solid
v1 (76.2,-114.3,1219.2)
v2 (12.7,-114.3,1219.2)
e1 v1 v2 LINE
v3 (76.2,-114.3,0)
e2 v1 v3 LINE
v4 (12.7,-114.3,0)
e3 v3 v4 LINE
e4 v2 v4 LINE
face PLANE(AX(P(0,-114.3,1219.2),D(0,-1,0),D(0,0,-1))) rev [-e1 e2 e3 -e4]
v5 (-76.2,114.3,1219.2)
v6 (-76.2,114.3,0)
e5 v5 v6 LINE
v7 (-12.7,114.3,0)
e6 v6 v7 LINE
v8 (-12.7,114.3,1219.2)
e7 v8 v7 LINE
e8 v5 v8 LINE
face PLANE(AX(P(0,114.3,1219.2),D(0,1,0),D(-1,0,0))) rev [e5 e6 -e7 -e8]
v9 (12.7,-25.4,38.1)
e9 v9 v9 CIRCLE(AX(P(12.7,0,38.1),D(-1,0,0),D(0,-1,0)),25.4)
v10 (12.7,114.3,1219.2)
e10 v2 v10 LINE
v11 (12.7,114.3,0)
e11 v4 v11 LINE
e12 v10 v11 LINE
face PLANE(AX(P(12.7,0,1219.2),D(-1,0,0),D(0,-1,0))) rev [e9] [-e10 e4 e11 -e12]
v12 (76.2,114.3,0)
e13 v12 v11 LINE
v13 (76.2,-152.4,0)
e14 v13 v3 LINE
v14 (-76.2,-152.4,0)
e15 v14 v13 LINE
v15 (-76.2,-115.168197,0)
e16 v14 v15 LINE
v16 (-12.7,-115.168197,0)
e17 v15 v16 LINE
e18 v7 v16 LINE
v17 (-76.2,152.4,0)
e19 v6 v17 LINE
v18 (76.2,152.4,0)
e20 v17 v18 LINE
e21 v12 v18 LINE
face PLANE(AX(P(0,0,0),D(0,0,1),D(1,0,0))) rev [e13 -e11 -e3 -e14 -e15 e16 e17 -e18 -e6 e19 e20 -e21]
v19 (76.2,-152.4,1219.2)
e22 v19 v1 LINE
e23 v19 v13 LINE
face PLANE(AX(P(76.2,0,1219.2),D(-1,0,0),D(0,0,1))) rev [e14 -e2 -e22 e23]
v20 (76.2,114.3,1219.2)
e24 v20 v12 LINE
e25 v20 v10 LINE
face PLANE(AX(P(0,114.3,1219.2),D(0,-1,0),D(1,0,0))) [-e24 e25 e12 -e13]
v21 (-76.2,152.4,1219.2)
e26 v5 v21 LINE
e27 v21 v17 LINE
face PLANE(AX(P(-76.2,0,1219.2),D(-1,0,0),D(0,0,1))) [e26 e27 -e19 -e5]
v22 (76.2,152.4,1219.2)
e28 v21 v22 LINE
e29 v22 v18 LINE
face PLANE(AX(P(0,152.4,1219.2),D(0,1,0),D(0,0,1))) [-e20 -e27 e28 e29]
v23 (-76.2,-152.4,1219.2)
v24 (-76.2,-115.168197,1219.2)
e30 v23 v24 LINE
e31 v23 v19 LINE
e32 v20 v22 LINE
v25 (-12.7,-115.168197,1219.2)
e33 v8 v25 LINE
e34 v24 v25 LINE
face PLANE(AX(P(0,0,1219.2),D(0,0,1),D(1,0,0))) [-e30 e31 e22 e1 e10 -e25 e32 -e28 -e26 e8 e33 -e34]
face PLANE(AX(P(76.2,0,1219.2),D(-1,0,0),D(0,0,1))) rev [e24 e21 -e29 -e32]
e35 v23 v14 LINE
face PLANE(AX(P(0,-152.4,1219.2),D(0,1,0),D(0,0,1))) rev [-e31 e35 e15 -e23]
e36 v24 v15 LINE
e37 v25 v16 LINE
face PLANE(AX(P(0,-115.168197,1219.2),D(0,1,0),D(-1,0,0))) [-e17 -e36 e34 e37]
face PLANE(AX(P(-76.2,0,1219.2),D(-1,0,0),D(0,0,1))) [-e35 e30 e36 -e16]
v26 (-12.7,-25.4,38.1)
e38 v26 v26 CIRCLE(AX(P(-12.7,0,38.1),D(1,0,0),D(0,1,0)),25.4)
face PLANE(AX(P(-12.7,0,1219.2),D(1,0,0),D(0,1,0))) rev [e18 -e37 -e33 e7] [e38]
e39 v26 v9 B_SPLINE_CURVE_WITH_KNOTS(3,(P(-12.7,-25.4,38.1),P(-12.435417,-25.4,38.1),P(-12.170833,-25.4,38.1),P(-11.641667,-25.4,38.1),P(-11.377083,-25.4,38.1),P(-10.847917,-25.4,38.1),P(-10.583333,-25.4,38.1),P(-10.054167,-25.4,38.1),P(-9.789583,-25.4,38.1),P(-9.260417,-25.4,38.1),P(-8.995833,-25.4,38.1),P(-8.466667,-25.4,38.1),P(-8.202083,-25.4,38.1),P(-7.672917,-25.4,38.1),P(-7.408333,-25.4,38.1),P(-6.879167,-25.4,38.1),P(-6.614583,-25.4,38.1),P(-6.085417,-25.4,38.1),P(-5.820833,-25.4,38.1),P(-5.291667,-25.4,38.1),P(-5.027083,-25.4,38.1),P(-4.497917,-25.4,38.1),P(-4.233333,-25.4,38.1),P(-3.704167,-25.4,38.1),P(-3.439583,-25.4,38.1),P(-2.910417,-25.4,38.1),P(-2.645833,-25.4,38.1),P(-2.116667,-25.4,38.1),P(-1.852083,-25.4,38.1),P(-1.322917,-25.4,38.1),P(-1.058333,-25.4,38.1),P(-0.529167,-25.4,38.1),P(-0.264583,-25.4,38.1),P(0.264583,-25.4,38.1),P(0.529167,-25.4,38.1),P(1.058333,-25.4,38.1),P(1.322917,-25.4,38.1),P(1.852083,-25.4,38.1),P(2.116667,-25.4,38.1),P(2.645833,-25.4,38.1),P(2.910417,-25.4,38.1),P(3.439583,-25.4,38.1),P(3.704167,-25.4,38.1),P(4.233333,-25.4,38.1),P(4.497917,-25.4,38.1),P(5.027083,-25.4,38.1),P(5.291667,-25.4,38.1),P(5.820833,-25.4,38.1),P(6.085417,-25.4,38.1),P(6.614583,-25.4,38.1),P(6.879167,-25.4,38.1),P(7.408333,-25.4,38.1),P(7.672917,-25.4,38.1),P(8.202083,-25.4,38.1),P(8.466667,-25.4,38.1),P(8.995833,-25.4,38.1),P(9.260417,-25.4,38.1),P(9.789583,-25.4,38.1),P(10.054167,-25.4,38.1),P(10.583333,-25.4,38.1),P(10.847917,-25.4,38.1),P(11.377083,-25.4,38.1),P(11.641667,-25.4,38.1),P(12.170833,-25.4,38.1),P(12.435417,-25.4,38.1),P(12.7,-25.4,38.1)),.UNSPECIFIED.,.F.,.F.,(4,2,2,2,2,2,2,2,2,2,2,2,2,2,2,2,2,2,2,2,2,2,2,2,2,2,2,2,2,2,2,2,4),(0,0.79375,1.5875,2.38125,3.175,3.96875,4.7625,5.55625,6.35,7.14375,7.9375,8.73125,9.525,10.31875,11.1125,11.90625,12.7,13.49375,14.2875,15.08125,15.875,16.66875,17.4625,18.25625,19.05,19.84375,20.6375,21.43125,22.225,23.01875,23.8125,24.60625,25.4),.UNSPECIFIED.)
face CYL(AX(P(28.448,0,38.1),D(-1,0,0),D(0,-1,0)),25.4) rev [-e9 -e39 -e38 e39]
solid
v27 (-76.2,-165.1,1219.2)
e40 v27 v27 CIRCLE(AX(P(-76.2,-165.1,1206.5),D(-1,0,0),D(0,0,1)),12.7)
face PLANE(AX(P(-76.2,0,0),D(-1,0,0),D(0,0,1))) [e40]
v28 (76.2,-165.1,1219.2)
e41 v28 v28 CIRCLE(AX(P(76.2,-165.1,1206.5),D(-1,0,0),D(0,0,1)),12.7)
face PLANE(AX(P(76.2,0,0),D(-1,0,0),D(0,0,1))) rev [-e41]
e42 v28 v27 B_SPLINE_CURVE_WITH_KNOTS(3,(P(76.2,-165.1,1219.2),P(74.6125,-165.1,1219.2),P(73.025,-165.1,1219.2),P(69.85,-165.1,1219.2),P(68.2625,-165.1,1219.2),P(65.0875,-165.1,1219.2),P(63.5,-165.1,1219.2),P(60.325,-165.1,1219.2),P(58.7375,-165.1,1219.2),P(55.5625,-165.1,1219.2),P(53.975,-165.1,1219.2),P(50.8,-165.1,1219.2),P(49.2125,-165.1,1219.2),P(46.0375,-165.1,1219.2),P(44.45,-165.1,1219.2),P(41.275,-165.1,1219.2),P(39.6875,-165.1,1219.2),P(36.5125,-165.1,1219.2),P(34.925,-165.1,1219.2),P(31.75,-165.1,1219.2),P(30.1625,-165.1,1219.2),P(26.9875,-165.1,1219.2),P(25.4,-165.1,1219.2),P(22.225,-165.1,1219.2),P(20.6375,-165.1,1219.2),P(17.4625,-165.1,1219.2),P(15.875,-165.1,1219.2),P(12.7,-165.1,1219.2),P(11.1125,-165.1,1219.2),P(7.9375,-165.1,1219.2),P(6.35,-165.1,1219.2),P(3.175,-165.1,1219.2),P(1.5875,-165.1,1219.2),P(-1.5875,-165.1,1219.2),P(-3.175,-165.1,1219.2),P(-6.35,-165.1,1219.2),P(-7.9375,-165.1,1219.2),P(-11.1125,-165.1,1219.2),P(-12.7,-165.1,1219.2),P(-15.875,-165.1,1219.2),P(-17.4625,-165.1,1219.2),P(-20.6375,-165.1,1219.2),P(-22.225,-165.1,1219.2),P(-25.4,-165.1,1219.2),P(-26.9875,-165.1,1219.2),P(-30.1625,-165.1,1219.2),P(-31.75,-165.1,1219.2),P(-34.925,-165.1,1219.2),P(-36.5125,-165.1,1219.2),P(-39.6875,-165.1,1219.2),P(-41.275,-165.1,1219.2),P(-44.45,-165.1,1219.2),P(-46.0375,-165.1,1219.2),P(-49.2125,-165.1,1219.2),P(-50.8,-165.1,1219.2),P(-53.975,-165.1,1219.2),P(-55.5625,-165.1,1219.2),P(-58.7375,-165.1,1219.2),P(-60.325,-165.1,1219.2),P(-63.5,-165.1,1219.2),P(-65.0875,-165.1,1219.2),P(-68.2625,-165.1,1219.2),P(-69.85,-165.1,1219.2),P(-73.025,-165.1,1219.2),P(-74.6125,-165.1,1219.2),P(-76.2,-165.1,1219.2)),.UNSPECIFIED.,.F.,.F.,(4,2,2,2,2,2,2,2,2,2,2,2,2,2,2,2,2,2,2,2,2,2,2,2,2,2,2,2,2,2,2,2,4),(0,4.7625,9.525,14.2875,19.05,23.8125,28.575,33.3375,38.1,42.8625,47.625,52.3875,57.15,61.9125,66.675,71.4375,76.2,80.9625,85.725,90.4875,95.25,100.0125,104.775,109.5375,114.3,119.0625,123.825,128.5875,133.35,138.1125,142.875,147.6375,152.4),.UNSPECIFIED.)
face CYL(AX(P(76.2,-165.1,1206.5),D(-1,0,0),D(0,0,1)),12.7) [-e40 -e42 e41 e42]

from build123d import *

# Parameters (mm, degrees)
BOSS_EXTRUDE1_DEPTH     = 1219.2
CUT_EXTRUDE1_DEPTH      = 11.43
CUT_EXTRUDE1_DEPTH_BACK = 41.148
SKETCH3_R               = 25.4
SKETCH4_R               = 12.7
BOSS_EXTRUDE2_DEPTH     = 152.4


with BuildPart() as part:
    # Sketch2 → Boss-Extrude1 (new body)
    with BuildSketch(Plane.XY):
        Polygon((-76.2, -152.4), (76.2, -152.4), (76.2, -114.3), (12.7, -114.3), (12.7, 114.3), (76.2, 114.3), (76.2, 152.4), (-76.2, 152.4), (-76.2, 114.3), (-12.7, 114.3), (-12.7, -115.168197492), (-76.2, -115.168197492), align=None)
    extrude(amount=BOSS_EXTRUDE1_DEPTH)

    # Sketch3 → Cut-Extrude1 (cut, two sides: drawn at the far end of the back side and taken through both)
    with BuildSketch(Plane.ZY.offset(12.7).offset(-CUT_EXTRUDE1_DEPTH_BACK)):
        with Locations(Location((38.1, 0, 0), (0, 0, 270))):
            Circle(SKETCH3_R)
    extrude(amount=CUT_EXTRUDE1_DEPTH + CUT_EXTRUDE1_DEPTH_BACK, mode=Mode.SUBTRACT)


with BuildPart() as body_2:
    # Sketch4 → Boss-Extrude2 (new body)
    with BuildSketch(Plane.ZY.offset(76.2)):
        with Locations((1206.5, -165.1)):
            Circle(SKETCH4_R)
    extrude(amount=-BOSS_EXTRUDE2_DEPTH)


solid = Compound([part.part, body_2.part])
